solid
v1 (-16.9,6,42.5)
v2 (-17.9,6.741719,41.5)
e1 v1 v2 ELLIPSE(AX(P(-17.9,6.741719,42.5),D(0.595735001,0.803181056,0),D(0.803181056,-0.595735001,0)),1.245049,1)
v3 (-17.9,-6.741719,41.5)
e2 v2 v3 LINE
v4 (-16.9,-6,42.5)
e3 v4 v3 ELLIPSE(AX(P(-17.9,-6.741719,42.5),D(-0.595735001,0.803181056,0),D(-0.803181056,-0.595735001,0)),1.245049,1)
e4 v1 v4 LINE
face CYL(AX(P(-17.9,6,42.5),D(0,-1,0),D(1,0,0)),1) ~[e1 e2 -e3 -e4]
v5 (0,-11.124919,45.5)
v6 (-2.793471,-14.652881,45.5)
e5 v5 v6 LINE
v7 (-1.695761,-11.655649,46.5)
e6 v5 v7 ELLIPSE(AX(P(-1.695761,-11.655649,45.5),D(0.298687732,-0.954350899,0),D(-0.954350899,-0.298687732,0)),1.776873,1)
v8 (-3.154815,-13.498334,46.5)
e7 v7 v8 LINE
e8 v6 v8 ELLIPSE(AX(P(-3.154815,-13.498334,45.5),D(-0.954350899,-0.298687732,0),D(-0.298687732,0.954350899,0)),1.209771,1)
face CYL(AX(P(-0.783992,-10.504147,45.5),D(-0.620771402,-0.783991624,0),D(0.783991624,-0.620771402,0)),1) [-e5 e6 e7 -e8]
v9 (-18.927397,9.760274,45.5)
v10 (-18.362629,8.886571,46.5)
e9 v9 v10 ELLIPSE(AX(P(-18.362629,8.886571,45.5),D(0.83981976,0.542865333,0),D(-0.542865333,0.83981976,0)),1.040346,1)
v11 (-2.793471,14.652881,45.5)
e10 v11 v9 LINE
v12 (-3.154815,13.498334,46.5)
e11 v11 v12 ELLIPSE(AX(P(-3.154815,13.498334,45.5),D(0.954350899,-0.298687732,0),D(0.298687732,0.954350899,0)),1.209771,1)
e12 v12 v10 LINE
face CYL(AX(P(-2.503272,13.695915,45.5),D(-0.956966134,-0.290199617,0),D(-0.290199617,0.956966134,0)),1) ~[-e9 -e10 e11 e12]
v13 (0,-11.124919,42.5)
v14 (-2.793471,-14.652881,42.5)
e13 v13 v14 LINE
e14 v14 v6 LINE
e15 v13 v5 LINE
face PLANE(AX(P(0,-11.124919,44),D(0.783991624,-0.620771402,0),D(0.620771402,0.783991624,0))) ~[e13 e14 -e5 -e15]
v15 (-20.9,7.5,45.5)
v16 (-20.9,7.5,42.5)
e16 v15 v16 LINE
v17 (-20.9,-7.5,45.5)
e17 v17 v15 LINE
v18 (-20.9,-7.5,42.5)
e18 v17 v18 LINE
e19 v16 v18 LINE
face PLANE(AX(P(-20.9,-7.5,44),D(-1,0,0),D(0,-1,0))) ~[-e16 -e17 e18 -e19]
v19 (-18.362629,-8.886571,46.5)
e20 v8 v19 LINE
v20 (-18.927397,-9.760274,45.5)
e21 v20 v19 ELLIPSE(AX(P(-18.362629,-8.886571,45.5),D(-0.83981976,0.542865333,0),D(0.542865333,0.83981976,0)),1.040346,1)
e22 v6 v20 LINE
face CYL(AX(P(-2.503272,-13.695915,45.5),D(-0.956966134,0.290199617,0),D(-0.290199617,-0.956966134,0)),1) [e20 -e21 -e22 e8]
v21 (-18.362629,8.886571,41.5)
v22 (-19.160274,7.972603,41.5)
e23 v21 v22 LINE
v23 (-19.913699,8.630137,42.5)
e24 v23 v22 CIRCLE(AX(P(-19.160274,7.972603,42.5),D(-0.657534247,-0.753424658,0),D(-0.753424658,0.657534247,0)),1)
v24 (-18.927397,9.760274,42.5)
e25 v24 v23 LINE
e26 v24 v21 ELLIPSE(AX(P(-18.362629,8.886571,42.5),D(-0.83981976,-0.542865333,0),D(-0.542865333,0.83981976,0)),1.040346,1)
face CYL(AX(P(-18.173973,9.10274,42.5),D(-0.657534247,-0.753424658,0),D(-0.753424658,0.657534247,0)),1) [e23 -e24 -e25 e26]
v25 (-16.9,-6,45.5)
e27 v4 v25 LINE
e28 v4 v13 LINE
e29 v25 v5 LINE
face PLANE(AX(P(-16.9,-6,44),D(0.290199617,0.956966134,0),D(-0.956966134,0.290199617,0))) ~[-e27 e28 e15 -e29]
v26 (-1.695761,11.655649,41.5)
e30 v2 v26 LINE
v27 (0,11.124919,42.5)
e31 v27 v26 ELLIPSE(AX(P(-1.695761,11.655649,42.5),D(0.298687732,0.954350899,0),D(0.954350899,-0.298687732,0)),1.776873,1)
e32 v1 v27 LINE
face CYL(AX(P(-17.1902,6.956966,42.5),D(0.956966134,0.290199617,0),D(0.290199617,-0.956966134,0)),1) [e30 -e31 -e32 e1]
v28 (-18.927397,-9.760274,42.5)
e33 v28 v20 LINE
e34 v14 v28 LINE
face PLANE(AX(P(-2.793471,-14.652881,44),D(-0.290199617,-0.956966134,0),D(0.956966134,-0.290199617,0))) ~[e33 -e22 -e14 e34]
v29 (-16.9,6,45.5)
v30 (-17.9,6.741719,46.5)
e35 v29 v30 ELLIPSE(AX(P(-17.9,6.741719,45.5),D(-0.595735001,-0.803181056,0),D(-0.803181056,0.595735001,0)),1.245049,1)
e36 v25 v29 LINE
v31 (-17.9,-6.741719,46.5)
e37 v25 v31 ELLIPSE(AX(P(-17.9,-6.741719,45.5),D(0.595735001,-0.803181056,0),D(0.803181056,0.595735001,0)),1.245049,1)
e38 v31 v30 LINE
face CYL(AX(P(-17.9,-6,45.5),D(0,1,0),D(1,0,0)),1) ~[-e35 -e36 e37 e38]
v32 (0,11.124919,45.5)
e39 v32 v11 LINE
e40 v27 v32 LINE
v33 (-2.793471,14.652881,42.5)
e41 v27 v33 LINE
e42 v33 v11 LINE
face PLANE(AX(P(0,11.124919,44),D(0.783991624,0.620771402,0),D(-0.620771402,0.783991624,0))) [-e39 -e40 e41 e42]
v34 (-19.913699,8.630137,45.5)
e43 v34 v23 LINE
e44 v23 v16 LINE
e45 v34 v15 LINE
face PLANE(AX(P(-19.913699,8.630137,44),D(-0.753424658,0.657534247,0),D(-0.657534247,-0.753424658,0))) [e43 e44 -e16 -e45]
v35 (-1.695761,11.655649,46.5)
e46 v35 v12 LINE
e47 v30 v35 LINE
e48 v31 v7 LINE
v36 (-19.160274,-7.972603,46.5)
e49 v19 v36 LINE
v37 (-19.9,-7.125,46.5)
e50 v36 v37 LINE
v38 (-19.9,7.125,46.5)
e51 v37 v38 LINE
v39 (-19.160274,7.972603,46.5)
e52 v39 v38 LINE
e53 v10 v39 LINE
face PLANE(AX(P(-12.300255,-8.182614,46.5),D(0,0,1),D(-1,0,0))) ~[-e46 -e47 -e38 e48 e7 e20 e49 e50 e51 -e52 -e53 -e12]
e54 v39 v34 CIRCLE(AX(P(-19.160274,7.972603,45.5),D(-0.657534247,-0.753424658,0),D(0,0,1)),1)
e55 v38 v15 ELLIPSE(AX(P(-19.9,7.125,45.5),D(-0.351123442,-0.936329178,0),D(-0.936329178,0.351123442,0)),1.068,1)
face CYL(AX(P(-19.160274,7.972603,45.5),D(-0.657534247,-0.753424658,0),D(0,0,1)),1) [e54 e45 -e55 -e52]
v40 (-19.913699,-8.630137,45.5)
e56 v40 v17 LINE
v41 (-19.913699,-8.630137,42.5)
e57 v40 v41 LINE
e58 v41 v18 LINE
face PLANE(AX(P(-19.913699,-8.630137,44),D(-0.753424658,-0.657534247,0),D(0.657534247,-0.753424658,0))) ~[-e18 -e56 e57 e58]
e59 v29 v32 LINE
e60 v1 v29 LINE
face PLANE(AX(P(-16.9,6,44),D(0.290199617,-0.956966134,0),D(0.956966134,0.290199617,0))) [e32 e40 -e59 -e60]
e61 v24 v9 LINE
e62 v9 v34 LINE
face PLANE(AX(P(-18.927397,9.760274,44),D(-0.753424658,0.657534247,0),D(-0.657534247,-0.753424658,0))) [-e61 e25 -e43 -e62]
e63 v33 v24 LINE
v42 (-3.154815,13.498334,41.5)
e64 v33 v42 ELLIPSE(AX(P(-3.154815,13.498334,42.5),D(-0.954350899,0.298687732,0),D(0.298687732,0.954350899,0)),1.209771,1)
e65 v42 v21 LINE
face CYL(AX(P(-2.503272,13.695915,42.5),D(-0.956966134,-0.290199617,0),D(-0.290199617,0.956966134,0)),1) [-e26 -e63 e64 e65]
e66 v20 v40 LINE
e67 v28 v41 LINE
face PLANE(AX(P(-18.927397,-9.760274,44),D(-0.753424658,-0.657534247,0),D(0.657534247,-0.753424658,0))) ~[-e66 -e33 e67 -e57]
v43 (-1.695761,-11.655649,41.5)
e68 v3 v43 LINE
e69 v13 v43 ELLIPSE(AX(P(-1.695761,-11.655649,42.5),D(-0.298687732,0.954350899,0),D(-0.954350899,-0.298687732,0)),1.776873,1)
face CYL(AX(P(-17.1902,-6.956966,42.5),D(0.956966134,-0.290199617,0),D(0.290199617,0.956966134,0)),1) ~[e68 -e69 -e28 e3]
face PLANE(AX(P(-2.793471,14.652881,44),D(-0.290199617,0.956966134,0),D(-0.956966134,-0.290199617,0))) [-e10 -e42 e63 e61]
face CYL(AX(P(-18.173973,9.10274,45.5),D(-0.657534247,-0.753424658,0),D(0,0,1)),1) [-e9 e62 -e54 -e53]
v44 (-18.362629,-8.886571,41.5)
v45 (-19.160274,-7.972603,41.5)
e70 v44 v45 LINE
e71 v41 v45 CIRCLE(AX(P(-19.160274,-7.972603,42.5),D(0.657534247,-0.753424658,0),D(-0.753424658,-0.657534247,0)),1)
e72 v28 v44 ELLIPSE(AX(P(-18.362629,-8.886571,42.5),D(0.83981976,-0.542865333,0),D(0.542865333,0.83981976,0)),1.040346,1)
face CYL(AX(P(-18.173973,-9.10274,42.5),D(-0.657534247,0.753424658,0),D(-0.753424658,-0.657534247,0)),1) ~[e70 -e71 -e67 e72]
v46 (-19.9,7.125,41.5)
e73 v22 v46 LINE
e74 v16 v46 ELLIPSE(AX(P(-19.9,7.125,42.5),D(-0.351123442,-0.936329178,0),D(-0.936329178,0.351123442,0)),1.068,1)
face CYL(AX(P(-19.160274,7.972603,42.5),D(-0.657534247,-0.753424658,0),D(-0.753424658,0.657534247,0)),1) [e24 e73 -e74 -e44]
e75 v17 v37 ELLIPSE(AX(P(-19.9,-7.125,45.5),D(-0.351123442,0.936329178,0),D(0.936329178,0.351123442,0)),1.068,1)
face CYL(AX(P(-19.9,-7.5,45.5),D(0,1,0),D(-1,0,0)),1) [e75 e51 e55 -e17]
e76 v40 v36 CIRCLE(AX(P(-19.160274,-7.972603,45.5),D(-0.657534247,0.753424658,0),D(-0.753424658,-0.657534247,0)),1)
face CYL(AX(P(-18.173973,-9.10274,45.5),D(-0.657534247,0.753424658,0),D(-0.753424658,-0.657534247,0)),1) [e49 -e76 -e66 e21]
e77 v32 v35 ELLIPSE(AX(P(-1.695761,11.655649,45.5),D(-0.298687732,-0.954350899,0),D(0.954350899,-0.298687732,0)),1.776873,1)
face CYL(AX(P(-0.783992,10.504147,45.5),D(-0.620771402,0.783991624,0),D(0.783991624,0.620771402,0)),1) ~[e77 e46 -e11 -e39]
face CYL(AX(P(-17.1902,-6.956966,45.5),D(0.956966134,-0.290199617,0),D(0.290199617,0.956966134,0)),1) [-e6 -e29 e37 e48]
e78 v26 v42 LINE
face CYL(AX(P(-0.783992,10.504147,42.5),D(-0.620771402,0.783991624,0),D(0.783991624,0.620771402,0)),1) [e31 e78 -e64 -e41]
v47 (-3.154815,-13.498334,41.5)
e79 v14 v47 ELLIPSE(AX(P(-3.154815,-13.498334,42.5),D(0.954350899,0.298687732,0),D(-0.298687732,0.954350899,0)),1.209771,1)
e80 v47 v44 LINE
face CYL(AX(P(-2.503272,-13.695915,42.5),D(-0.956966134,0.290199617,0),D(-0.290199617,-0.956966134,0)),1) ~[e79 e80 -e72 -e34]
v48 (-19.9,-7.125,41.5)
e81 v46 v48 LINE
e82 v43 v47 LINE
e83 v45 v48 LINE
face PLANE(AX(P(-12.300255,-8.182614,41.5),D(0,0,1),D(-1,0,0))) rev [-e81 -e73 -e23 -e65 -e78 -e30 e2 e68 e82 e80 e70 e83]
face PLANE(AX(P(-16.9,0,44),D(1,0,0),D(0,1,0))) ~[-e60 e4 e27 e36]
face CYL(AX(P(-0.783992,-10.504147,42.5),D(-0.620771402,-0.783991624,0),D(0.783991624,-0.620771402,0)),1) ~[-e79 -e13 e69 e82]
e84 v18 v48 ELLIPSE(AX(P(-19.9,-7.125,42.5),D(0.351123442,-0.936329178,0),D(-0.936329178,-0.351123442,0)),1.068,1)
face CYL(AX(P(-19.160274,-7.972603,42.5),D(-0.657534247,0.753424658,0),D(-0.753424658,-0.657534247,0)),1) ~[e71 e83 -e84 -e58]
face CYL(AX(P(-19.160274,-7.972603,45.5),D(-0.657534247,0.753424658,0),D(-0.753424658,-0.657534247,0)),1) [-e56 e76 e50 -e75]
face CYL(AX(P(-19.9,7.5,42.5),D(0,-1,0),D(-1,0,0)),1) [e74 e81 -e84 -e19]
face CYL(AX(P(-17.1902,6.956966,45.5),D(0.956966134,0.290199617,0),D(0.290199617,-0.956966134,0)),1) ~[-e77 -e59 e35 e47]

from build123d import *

# Parameters (mm, degrees)
F2_DEPTH      = 2.5
F2_DEPTH_BACK = 2.5
F4_R          = 1


with BuildPart() as f2:
    # F1 (on offset) → F2 (new body, two sides)
    with BuildSketch(Plane.XY.offset(44)) as f2_sk:
        Polygon((-20.9, 0), (-16.9, 0), (-16.9, 6), (0, 11.1249185786), (-2.7934713079, 14.6528808873), (-18.9273972603, 9.7602739726), (-19.9136986301, 8.6301369863), (-20.9, 7.5), align=None)
    extrude(amount=F2_DEPTH)
    extrude(f2_sk.sketch, amount=-F2_DEPTH_BACK)

    # F3: F2 across plane


with BuildPart() as f2_1:
    add(f2.part)
    add(f2.part.mirror(Plane.XZ))

    # F4
    f4_edges = [f2_1.edges().sort_by_distance(p)[0] for p in [
        (-16.9, 0, 46.5),
        (-8.45, 8.562459, 46.5),
        (-1.396736, 12.8889, 46.5),
        (-10.860434, 12.206577, 46.5),
        (-19.913699, 8.630137, 46.5),
        (-20.9, 0, 46.5),
        (-19.913699, -8.630137, 46.5),
        (-10.860434, -12.206577, 46.5),
        (-1.396736, -12.8889, 46.5),
        (-8.45, -8.562459, 46.5),
        (-16.9, 0, 41.5),
        (-8.45, 8.562459, 41.5),
        (-1.396736, 12.8889, 41.5),
        (-10.860434, 12.206577, 41.5),
        (-19.913699, 8.630137, 41.5),
        (-20.9, 0, 41.5),
        (-19.913699, -8.630137, 41.5),
        (-10.860434, -12.206577, 41.5),
        (-1.396736, -12.8889, 41.5),
        (-8.45, -8.562459, 41.5),
    ]]
    fillet(f4_edges, radius=F4_R)


solid = f2_1.part
